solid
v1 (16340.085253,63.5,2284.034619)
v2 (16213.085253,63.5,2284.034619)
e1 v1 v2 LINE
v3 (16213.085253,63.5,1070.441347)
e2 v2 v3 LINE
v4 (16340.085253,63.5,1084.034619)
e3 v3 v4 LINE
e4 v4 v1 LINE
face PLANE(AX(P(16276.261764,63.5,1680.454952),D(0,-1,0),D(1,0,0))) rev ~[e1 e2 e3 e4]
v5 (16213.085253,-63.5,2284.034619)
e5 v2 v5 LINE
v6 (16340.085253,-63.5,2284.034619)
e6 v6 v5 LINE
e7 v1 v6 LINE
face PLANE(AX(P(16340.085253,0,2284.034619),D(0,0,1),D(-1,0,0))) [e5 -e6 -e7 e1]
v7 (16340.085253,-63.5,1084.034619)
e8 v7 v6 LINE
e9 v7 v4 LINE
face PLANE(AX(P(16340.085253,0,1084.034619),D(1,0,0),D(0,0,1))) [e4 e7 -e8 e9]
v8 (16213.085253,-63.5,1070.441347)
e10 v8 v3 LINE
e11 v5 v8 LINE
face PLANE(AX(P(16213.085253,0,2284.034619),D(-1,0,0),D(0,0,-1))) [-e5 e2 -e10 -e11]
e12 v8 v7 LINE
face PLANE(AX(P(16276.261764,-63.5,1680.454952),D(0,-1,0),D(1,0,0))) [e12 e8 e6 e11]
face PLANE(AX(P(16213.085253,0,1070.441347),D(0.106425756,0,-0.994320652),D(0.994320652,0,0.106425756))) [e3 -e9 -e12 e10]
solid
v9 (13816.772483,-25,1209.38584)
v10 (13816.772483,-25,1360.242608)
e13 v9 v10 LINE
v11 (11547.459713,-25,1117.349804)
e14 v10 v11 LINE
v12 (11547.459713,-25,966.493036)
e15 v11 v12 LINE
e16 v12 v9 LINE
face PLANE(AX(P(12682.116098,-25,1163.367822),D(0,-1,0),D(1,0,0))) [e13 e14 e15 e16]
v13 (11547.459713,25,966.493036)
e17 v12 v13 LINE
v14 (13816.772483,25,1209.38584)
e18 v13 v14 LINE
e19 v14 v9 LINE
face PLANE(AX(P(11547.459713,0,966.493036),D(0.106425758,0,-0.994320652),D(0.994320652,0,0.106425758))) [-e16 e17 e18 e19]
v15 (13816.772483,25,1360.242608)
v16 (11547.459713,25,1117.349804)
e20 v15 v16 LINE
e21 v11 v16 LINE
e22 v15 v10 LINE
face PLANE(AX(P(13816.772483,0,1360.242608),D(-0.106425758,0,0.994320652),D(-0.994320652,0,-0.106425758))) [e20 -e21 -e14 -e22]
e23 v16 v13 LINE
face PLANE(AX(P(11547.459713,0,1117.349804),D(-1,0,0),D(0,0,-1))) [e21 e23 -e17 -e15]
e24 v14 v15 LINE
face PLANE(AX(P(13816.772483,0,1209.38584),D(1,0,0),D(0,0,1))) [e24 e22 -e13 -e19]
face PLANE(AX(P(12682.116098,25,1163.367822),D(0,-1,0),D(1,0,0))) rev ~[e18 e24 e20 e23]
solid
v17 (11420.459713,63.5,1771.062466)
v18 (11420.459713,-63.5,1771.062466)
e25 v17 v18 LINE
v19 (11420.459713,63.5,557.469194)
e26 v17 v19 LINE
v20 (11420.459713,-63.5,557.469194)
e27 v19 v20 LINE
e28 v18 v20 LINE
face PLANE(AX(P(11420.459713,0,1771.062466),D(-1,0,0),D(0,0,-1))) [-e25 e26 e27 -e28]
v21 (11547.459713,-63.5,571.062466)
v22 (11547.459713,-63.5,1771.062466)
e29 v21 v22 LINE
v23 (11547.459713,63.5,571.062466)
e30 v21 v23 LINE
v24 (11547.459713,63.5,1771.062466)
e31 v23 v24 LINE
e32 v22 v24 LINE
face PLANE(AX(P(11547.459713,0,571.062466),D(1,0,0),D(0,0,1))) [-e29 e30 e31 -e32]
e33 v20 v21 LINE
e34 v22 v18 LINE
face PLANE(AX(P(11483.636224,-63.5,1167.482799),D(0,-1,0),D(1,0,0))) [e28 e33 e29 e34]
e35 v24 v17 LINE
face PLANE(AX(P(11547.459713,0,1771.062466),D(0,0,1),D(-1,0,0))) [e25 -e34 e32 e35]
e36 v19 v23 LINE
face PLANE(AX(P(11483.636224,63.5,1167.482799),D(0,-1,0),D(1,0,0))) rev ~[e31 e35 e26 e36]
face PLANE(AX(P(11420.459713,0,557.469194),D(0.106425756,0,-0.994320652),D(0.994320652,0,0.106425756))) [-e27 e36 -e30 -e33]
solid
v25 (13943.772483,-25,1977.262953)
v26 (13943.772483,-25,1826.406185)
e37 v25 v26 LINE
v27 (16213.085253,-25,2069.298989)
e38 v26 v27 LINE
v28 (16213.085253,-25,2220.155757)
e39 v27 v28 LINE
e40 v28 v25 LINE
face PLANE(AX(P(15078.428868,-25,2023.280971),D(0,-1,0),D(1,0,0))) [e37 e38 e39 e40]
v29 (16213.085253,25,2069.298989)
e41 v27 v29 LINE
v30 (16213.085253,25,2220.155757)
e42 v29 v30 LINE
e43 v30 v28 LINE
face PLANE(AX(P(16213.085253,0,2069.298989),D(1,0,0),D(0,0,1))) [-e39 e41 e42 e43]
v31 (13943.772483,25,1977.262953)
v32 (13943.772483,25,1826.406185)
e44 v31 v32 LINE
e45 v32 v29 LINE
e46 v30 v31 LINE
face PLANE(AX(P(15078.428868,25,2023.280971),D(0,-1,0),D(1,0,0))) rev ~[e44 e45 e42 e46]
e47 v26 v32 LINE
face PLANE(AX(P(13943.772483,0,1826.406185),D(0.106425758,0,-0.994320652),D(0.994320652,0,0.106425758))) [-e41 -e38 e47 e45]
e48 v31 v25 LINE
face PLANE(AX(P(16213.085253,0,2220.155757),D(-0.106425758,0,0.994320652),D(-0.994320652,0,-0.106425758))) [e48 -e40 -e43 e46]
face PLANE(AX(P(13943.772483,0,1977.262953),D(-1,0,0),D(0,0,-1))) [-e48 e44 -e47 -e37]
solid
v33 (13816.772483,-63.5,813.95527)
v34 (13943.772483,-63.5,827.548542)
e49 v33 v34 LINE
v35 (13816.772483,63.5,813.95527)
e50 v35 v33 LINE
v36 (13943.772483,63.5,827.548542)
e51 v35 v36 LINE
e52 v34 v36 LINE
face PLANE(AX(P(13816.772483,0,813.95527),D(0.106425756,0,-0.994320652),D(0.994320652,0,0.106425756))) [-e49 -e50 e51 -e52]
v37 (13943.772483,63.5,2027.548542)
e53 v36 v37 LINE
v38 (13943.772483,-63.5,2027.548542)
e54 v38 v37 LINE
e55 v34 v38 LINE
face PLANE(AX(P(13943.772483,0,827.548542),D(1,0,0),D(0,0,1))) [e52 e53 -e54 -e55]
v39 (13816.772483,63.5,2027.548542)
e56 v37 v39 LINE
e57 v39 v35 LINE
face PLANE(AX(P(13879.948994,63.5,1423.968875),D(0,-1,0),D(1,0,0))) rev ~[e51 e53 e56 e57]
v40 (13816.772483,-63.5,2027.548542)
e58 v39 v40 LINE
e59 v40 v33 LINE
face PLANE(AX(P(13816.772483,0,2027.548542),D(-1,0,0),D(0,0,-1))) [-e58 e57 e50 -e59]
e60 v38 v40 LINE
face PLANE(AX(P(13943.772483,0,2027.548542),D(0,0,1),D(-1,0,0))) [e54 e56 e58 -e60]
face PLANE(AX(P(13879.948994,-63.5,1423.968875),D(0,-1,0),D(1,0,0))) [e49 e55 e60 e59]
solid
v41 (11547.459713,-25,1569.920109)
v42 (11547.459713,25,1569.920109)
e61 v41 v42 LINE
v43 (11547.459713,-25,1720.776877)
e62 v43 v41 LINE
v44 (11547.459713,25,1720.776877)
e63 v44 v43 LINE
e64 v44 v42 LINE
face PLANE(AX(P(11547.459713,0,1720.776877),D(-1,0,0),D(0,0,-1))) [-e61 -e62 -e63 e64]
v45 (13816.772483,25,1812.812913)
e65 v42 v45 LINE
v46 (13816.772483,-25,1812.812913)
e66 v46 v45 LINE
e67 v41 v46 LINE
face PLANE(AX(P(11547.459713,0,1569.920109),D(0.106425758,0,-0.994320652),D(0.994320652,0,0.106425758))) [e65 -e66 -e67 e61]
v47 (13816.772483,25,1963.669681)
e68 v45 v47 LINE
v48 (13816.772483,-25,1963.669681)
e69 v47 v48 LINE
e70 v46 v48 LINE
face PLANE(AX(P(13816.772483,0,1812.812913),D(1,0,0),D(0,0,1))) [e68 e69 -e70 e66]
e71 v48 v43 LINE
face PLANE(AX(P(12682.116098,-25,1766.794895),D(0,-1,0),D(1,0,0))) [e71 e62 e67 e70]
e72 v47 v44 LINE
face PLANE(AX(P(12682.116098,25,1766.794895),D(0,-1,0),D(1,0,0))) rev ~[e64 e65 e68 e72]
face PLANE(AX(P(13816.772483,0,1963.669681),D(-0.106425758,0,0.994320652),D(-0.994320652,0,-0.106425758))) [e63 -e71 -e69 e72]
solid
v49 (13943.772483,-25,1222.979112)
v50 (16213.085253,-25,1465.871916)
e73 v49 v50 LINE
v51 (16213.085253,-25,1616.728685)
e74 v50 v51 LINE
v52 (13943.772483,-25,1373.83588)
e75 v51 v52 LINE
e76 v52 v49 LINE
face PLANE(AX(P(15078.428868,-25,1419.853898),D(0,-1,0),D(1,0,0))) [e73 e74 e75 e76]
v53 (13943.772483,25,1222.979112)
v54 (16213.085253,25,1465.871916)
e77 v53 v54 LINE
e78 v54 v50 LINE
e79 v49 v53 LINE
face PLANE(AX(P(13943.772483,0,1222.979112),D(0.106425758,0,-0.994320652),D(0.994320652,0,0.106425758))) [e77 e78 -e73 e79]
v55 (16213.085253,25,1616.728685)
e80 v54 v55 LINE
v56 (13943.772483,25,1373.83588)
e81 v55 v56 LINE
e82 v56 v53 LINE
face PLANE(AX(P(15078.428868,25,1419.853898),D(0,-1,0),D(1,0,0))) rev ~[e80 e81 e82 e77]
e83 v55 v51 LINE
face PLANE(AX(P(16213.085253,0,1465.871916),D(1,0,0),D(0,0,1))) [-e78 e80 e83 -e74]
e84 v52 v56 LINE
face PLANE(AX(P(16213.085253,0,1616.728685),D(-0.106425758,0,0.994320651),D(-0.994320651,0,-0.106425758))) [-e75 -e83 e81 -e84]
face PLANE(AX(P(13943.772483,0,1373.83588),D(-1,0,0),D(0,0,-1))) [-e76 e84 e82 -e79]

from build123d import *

# Parameters (mm, degrees)
F1_DEPTH      = 63.5
F1_DEPTH_BACK = 63.5
F2_DEPTH      = 25
F2_DEPTH_BACK = 25


with BuildPart() as f1:
    # F0 (on Front) → F1 (new body, two sides)
    with BuildSketch(Plane.XZ) as f1_sk:
        Polygon((11547.459713, 1569.920109), (11547.459713, 1720.776877), (11547.459713, 1771.062466), (11420.459713, 1771.062466), (11420.459713, 557.469194), (11547.459713, 571.062466), (11547.459713, 966.493036), (11547.459713, 1117.349804), align=None)
        Polygon((16340.085253, 1084.034619), (16340.085253, 2284.034619), (16213.085253, 2284.034619), (16213.085253, 2220.155757), (16213.085253, 2069.298989), (16213.085253, 1616.728685), (16213.085253, 1465.871916), (16213.085253, 1070.441347), align=None)
        Polygon((13943.772483, 1826.406185), (13943.772483, 1977.262953), (13943.772483, 2027.548542), (13816.772483, 2027.548542), (13816.772483, 1963.669681), (13816.772483, 1812.812913), (13816.772483, 1360.242608), (13816.772483, 1209.38584), (13816.772483, 813.95527), (13943.772483, 827.548542), (13943.772483, 1222.979112), (13943.772483, 1373.83588), align=None)
    extrude(amount=F1_DEPTH)
    extrude(f1_sk.sketch, amount=-F1_DEPTH_BACK)


with BuildPart() as f2:
    # F0 (on Front) → F2 (new body, two sides)
    with BuildSketch(Plane.XZ) as f2_sk:
        Polygon((13816.772483, 1812.812913), (13816.772483, 1963.669681), (11547.459713, 1720.776877), (11547.459713, 1569.920109), align=None)
        Polygon((11547.459713, 966.493036), (13816.772483, 1209.38584), (13816.772483, 1360.242608), (11547.459713, 1117.349804), align=None)
        Polygon((13943.772483, 1222.979112), (16213.085253, 1465.871916), (16213.085253, 1616.728685), (13943.772483, 1373.83588), align=None)
        Polygon((16213.085253, 2069.298989), (16213.085253, 2220.155757), (13943.772483, 1977.262953), (13943.772483, 1826.406185), align=None)
    extrude(amount=F2_DEPTH)
    extrude(f2_sk.sketch, amount=-F2_DEPTH_BACK)


solid = Compound([f1.part, f2.part])
